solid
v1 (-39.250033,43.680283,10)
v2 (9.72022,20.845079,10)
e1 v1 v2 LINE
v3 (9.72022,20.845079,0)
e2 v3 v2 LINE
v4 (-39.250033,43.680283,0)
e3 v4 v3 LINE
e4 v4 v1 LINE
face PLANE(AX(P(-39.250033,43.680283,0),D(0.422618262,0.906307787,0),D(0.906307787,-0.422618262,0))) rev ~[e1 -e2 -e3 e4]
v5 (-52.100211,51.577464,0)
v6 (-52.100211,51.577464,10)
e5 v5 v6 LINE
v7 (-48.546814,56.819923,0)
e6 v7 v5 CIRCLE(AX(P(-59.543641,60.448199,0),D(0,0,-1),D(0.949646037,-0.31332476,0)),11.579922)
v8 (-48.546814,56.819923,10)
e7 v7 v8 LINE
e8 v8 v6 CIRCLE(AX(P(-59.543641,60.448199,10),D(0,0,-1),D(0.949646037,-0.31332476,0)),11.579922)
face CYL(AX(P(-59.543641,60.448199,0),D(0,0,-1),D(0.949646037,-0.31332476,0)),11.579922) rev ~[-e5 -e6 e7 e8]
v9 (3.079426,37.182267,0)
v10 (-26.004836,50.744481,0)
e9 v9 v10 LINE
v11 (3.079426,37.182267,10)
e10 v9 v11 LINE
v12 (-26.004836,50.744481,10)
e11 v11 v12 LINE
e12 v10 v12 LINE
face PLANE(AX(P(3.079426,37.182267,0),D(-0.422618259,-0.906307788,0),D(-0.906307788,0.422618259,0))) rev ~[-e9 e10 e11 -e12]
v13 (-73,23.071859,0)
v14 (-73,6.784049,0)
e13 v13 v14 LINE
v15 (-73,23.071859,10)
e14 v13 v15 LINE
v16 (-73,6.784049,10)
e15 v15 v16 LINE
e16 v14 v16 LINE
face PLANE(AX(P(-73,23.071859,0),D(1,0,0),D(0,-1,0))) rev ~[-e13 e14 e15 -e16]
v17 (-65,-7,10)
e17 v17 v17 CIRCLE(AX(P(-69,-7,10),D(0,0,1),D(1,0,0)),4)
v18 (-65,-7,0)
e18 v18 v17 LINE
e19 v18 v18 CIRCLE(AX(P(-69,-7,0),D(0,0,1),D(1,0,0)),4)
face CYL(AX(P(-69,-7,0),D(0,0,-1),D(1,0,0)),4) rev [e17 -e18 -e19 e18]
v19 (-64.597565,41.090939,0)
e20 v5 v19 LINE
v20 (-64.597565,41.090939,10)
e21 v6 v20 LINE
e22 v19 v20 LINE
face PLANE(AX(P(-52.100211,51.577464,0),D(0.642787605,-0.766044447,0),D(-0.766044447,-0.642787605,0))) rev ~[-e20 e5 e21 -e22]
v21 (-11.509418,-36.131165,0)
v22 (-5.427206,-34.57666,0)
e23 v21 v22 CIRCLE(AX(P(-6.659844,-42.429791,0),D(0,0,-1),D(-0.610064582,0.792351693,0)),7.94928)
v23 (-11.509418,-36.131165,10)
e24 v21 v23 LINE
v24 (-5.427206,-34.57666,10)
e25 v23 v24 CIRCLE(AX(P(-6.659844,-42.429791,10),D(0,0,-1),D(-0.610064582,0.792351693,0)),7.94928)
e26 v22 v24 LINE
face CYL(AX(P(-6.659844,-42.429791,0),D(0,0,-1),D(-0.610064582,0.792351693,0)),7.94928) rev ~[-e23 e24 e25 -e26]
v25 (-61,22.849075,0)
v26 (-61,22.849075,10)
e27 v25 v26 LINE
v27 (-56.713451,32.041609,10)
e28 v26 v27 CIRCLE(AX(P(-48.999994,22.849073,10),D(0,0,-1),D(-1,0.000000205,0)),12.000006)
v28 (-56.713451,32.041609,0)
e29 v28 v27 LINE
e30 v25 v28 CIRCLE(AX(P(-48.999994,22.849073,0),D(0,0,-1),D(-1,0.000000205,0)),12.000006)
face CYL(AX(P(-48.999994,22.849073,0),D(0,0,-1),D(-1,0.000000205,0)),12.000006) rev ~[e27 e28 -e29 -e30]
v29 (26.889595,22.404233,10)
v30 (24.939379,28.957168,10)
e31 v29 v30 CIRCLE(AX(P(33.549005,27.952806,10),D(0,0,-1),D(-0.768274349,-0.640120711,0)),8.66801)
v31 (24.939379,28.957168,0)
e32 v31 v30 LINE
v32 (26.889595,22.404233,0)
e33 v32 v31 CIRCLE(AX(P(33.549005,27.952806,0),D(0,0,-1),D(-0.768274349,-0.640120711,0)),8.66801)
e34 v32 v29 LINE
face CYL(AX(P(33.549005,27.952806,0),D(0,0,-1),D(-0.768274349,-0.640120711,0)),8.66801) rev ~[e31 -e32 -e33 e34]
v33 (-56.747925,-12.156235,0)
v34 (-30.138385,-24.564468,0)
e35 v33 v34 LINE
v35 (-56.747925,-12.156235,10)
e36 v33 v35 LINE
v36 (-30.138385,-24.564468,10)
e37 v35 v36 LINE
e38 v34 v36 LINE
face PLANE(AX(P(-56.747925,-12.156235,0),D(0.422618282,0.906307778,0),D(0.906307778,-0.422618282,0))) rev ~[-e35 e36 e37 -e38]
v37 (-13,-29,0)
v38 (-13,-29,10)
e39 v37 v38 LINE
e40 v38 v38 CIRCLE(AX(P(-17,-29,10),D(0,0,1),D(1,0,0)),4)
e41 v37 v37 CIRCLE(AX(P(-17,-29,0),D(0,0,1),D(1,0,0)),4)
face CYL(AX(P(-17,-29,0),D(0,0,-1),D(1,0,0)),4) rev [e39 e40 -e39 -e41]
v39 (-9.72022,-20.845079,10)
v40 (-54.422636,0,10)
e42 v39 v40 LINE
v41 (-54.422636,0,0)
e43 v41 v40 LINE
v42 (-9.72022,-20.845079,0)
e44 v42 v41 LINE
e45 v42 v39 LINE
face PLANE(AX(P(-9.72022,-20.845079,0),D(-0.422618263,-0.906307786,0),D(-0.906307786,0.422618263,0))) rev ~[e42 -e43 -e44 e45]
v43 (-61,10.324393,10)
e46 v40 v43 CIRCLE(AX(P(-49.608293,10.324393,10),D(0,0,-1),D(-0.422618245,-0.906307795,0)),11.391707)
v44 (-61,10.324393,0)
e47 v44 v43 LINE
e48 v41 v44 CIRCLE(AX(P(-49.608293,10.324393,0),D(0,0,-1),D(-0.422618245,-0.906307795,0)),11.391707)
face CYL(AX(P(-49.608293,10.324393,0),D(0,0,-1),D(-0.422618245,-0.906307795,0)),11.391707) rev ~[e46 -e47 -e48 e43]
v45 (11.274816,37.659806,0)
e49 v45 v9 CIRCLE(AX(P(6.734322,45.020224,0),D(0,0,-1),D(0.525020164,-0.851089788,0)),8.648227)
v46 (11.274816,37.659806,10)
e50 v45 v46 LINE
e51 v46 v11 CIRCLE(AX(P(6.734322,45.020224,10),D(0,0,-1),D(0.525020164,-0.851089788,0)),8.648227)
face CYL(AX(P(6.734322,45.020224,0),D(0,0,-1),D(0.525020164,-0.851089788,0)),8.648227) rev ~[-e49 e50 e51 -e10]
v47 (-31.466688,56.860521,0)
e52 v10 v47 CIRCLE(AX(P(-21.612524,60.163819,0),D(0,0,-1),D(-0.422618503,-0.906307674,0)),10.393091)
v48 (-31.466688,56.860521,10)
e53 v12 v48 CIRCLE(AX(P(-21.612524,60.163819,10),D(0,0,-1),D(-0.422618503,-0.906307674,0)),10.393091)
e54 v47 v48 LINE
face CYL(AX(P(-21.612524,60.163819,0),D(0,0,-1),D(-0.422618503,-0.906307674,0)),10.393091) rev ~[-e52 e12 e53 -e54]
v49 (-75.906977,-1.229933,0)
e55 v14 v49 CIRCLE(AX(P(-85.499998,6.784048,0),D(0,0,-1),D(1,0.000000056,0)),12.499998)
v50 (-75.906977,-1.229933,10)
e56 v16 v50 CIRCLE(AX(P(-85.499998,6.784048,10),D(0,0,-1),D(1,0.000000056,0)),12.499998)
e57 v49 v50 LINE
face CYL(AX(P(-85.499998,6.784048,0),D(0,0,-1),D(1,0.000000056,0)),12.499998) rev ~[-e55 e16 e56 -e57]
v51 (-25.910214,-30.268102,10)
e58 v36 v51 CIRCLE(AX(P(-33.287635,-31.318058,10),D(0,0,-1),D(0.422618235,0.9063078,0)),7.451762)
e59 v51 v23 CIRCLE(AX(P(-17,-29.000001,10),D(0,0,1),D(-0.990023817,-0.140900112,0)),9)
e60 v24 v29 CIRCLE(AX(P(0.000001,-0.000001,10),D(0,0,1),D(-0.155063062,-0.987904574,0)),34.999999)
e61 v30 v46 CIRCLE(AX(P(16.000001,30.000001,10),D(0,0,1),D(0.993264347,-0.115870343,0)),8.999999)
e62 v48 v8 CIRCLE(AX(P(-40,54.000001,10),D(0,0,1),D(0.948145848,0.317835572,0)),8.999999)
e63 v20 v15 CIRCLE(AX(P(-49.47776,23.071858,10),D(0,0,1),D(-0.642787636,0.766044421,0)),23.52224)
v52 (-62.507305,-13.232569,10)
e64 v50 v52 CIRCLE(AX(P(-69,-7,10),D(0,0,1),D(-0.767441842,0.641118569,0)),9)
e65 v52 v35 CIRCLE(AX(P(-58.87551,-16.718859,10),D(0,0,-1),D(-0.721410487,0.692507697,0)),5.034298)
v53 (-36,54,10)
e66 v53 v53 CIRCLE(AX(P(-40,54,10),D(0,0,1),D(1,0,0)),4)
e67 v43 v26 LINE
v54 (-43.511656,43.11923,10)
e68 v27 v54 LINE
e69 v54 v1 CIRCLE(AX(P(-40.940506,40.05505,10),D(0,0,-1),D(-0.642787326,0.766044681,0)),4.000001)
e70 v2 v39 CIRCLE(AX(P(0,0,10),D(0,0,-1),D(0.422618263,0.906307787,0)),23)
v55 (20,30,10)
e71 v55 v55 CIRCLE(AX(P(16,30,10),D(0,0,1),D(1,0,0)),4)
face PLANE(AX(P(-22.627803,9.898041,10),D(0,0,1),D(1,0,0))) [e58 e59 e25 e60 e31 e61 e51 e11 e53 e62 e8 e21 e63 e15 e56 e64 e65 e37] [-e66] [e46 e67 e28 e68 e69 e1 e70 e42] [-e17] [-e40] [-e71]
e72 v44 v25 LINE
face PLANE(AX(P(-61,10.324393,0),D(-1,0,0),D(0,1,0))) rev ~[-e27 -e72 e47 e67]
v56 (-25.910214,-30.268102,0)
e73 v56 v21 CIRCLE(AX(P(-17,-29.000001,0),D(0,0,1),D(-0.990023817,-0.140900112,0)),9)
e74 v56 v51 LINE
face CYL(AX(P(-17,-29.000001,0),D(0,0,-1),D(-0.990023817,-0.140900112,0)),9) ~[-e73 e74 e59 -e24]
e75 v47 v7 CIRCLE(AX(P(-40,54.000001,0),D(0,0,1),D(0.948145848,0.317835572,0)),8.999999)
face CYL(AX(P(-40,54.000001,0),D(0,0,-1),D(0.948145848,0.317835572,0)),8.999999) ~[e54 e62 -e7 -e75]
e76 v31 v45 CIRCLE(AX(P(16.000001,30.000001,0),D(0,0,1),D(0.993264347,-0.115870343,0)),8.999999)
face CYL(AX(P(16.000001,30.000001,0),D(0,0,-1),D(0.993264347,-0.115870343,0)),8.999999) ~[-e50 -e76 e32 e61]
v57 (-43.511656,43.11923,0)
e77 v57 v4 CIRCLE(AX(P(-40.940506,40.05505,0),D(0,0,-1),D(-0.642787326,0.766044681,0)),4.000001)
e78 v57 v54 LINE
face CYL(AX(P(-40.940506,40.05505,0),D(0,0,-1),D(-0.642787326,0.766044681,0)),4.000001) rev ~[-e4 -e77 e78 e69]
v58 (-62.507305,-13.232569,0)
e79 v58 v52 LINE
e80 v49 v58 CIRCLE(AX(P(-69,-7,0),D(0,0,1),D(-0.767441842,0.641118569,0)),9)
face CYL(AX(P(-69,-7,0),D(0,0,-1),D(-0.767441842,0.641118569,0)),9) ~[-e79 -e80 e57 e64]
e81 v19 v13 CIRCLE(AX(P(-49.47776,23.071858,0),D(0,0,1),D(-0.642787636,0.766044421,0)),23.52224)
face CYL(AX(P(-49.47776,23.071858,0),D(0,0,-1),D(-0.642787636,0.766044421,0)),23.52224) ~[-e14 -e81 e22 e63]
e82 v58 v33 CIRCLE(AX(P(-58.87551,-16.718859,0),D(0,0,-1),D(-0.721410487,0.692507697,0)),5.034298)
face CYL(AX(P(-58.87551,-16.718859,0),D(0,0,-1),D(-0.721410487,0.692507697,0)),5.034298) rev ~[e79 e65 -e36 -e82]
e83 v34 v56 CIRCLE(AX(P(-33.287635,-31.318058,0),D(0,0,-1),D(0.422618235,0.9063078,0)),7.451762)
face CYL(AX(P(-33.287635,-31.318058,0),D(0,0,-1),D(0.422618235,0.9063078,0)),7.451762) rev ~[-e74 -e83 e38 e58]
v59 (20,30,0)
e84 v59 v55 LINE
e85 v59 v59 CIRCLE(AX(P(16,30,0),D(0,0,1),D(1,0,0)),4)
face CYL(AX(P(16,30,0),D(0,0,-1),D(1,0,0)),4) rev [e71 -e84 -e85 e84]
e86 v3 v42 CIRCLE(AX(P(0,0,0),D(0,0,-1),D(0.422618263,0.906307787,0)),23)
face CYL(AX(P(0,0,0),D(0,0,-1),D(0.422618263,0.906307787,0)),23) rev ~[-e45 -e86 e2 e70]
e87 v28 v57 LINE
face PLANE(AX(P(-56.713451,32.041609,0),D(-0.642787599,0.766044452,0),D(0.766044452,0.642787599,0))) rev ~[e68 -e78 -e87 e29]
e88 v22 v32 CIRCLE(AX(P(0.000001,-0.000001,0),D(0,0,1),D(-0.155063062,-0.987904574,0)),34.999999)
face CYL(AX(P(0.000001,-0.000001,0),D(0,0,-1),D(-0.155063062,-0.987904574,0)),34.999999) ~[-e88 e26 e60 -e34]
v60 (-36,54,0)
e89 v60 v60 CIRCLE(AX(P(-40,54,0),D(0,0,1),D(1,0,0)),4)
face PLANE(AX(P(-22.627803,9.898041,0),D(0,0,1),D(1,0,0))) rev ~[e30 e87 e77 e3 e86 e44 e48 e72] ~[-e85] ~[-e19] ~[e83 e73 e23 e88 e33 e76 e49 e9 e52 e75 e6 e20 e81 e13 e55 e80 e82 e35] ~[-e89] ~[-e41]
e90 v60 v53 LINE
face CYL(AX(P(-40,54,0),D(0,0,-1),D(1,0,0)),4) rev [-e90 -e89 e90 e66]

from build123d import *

# Parameters (mm, degrees)
F0_R     = 4
F1_DEPTH = 10


with BuildPart() as f1:
    # F0 (on Top) → F1 (new body)
    with BuildSketch(Plane.XY):
        with BuildLine():
            ThreePointArc((-26.004836, 50.744481), (-29.364427, 53.241079), (-31.466688, 56.860521))
            ThreePointArc((-31.466688, 56.860521), (-40.021392, 62.999975), (-48.546814, 56.819923))
            ThreePointArc((-48.546814, 56.819923), (-49.958151, 53.951048), (-52.100211, 51.577464))
            Line((-52.100211, 51.577464), (-64.597565, 41.090939))
            ThreePointArc((-64.597565, 41.090939), (-70.796149, 33.012787), (-73, 23.071859))
            Line((-73, 23.071859), (-73, 6.784049))
            ThreePointArc((-73, 6.784049), (-73.749196, 2.521584), (-75.906977, -1.229933))
            ThreePointArc((-75.906977, -1.229933), (-75.004892, -13.703826), (-62.507305, -13.232569))
            ThreePointArc((-62.507305, -13.232569), (-59.800326, -11.770236), (-56.747925, -12.156235))
            Line((-56.747925, -12.156235), (-30.138385, -24.564468))
            ThreePointArc((-30.138385, -24.564468), (-27.301354, -26.880357), (-25.910214, -30.268102))
            ThreePointArc((-25.910214, -30.268102), (-20.393722, -37.335626), (-11.509418, -36.131165))
            ThreePointArc((-11.509418, -36.131165), (-8.628264, -34.728078), (-5.427206, -34.57666))
            ThreePointArc((-5.427206, -34.57666), (30.444443, -17.266613), (26.889595, 22.404233))
            ThreePointArc((26.889595, 22.404233), (25.241111, 25.480297), (24.939379, 28.957168))
            ThreePointArc((24.939379, 28.957168), (20.83465, 37.59119), (11.274816, 37.659806))
            ThreePointArc((11.274816, 37.659806), (7.237394, 36.386641), (3.079426, 37.182267))
            Line((3.079426, 37.182267), (-26.004836, 50.744481))
        make_face()
        with Locations((-69, -7)):
            Circle(F0_R, mode=Mode.SUBTRACT)
        with Locations((-17, -29)):
            Circle(F0_R, mode=Mode.SUBTRACT)
        with BuildLine():
            ThreePointArc((9.72022, 20.845079), (20.845079, -9.72022), (-9.72022, -20.845079))
            Line((-9.72022, -20.845079), (-54.422636, 0))
            ThreePointArc((-54.422636, 0), (-59.215961, 4.203633), (-61, 10.324393))
            Line((-61, 10.324393), (-61, 22.849075))
            ThreePointArc((-61, 22.849075), (-59.875693, 27.920494), (-56.713451, 32.041609))
            Line((-56.713451, 32.041609), (-43.511656, 43.11923))
            ThreePointArc((-43.511656, 43.11923), (-41.462611, 44.020831), (-39.250033, 43.680283))
            Line((-39.250033, 43.680283), (9.72022, 20.845079))
        make_face(mode=Mode.SUBTRACT)
        with Locations((-40, 54)):
            Circle(F0_R, mode=Mode.SUBTRACT)
        with Locations((16, 30)):
            Circle(F0_R, mode=Mode.SUBTRACT)
    extrude(amount=F1_DEPTH)


solid = f1.part
